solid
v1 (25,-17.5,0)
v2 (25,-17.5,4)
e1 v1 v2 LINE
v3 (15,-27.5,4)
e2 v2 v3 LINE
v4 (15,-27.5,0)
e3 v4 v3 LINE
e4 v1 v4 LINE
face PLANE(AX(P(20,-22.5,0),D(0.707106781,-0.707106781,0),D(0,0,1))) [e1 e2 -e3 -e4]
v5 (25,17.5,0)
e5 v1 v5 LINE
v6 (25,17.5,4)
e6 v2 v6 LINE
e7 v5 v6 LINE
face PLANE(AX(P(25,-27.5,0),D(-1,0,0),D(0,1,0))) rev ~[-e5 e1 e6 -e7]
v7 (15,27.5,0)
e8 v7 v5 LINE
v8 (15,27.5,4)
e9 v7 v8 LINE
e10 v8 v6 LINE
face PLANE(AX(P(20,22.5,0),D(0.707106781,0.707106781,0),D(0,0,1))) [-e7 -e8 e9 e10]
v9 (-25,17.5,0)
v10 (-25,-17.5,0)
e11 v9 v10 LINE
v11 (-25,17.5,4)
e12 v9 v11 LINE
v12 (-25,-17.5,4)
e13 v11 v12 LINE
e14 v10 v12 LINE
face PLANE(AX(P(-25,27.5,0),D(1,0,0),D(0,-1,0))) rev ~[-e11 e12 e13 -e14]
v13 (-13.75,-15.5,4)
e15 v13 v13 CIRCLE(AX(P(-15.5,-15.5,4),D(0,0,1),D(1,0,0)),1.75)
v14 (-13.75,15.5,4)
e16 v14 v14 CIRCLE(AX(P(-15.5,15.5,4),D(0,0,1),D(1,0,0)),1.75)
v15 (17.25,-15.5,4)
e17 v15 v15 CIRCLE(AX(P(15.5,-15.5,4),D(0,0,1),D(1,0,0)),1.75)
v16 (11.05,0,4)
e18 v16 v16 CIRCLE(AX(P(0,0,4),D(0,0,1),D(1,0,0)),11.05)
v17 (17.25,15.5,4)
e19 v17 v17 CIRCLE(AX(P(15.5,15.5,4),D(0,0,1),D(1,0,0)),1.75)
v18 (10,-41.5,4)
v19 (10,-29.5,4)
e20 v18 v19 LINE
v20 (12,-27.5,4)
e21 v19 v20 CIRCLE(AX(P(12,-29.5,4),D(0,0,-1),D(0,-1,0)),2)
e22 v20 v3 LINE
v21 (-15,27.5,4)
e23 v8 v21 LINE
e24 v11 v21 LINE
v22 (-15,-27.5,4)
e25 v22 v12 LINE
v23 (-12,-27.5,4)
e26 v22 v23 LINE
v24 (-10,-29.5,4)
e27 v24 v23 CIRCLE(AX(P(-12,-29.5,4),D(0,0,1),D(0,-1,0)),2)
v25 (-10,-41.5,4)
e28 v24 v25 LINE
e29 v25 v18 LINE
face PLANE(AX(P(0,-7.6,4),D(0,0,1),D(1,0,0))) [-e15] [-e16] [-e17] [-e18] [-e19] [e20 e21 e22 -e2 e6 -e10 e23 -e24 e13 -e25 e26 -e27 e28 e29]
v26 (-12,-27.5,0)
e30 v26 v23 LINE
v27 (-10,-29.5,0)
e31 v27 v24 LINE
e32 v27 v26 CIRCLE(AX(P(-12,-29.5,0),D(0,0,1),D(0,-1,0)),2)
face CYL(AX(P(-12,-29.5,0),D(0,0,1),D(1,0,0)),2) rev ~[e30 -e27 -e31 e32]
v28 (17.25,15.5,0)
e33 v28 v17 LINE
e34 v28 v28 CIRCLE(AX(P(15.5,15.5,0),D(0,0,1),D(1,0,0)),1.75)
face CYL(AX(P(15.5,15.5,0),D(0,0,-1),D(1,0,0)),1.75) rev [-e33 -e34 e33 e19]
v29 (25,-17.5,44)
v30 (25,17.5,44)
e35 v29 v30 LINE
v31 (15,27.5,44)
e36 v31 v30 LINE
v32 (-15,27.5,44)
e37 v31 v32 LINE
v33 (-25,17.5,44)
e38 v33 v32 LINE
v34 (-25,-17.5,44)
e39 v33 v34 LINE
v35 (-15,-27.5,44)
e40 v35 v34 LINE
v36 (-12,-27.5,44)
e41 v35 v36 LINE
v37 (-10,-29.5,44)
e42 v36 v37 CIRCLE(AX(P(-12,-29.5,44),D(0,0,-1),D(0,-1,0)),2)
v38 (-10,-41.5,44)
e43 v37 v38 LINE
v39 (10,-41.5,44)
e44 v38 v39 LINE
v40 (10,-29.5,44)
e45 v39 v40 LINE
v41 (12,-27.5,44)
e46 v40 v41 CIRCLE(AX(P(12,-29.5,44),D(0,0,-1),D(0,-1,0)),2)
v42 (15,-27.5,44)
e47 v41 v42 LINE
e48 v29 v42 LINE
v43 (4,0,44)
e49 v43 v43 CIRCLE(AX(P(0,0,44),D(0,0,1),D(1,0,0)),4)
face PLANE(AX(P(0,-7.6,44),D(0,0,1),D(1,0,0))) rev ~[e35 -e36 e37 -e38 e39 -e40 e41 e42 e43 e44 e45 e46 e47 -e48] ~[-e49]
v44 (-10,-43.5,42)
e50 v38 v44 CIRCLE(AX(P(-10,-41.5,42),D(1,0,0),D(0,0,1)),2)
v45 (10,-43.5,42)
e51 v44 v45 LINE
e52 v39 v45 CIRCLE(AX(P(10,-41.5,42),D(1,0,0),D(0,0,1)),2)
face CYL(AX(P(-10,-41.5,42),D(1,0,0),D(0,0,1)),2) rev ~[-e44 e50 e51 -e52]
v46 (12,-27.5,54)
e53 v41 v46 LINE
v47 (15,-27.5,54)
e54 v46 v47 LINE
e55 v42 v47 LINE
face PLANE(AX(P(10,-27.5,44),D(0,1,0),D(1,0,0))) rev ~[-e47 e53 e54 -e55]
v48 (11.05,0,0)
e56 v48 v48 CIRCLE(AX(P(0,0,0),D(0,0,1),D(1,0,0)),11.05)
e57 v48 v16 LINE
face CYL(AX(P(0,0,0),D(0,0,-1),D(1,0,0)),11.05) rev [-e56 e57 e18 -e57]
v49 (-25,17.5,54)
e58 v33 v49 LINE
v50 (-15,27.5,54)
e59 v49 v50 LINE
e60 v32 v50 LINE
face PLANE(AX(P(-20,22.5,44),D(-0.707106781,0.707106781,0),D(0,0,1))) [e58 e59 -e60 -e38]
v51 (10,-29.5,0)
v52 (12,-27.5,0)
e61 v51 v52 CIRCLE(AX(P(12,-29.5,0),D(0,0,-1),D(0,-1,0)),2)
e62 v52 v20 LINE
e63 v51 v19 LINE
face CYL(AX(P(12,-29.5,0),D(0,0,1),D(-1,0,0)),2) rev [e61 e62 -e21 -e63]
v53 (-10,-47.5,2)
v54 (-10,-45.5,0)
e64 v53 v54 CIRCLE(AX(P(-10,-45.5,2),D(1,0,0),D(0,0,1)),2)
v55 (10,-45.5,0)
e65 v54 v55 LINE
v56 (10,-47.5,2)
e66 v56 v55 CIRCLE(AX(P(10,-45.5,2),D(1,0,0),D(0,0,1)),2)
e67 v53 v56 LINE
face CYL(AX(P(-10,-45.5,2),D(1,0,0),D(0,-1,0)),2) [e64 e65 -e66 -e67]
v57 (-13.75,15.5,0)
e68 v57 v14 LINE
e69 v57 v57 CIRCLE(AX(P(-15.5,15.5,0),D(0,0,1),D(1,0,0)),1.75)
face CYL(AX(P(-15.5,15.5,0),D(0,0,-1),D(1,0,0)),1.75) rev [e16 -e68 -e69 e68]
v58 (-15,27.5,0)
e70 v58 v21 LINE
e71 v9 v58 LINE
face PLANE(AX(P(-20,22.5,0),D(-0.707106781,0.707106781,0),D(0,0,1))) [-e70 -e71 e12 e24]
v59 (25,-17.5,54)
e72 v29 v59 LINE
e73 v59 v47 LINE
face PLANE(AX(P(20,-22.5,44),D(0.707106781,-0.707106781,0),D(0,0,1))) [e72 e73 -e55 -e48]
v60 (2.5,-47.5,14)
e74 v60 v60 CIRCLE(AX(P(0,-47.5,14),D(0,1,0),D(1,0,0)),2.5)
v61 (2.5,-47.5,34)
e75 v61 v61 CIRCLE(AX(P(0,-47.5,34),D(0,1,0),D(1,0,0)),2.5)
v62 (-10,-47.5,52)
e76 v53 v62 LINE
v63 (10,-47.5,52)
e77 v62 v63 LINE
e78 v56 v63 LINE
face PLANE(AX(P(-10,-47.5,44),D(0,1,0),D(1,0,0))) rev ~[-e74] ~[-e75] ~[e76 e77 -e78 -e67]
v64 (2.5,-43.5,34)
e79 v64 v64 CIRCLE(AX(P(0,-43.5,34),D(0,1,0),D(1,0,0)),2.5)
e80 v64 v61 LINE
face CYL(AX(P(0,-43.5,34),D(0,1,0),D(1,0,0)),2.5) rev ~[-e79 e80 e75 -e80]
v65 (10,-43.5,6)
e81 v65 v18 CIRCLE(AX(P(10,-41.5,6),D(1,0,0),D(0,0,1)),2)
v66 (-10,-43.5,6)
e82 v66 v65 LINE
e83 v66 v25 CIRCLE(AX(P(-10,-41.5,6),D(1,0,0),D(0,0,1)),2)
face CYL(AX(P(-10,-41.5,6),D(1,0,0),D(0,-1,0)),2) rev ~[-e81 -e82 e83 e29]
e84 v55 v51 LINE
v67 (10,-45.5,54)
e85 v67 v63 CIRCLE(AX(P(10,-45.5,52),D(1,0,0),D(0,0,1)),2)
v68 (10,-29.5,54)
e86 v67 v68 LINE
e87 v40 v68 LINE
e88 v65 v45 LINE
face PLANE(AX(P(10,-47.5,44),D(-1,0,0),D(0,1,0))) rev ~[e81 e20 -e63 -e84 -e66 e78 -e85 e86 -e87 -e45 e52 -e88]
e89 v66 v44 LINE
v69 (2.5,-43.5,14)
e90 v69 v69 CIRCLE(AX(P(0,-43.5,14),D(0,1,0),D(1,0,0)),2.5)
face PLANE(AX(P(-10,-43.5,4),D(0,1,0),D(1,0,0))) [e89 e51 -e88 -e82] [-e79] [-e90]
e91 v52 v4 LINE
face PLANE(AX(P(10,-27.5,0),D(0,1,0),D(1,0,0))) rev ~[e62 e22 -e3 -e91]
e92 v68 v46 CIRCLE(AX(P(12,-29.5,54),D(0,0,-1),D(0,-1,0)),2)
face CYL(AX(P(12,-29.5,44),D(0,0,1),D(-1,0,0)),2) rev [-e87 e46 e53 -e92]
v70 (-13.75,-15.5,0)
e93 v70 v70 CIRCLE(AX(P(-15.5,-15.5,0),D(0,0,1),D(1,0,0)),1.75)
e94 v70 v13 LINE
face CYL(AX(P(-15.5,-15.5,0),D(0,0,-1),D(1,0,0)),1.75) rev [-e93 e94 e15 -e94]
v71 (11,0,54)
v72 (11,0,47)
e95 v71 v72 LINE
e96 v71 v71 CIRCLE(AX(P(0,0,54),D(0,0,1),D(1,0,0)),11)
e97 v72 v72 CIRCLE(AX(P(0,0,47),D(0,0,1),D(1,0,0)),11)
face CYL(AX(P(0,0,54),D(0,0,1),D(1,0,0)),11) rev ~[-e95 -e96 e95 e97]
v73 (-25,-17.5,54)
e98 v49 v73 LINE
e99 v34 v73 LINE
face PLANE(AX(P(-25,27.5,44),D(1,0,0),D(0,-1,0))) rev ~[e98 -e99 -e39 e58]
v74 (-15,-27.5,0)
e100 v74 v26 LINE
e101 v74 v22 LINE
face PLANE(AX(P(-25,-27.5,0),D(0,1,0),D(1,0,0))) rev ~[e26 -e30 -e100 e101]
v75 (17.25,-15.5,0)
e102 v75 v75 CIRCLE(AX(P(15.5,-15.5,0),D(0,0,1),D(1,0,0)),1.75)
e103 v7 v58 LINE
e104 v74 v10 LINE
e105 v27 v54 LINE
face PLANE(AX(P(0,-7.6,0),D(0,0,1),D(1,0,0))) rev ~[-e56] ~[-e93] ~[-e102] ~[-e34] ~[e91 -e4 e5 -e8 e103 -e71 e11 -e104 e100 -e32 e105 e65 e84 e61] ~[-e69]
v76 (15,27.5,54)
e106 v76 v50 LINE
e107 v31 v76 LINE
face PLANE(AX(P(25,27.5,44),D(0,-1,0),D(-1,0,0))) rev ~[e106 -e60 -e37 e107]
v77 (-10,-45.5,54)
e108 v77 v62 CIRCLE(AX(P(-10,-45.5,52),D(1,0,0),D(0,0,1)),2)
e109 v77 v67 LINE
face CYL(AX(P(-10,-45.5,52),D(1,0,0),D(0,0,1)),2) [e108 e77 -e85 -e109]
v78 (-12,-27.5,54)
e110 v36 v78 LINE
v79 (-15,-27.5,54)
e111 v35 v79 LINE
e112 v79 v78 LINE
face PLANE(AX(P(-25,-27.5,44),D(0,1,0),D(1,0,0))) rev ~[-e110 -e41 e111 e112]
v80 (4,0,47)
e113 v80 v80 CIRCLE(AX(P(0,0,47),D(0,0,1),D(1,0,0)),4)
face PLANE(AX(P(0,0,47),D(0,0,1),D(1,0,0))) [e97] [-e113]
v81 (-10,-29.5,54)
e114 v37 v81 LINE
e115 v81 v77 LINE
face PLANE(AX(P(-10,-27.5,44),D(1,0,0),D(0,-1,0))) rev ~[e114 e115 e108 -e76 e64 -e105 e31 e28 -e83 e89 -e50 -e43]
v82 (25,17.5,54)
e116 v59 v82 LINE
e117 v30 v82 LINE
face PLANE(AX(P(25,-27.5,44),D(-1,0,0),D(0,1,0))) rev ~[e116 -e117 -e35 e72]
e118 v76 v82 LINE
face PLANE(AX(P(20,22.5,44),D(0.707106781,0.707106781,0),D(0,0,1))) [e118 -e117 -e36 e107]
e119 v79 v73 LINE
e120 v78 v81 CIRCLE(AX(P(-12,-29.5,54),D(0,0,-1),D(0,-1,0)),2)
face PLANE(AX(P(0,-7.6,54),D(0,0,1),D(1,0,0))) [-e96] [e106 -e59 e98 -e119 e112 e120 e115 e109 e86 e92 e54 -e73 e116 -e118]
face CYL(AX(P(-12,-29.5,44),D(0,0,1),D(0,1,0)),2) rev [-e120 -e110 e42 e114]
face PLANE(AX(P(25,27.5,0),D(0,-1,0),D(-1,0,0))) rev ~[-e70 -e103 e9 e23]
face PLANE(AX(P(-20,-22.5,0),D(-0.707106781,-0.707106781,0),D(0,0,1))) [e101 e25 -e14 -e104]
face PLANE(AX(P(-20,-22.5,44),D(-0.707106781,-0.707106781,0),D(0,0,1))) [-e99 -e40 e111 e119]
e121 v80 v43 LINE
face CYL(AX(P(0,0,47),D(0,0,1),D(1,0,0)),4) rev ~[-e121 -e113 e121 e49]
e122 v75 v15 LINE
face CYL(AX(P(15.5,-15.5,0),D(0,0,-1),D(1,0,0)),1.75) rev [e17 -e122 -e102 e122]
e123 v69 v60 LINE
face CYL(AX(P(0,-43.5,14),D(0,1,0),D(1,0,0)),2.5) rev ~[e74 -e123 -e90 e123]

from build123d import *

# Parameters (mm, degrees)
SCHIZZO1_R                   = 1.75
SCHIZZO1_R_2                 = 11.05
ESTRUSIONE_ESTRUSIONE1_DEPTH = 4
SCHIZZO14_W                  = 20
SCHIZZO14_H                  = 4
ESTRUSIONE_ESTRUSIONE2_DEPTH = 40
ESTRUSIONE_ESTRUSIONE3_DEPTH = 10
SCHIZZO19_R                  = 11
TAGLIO_ESTRUSIONE1_DEPTH     = 7
SCHIZZO20_R                  = 4
TAGLIO_ESTRUSIONE2_DEPTH     = 7
SMUSSO1_SIZE                 = 10
RACCORDO1_R                  = 2
SCHIZZO21_R                  = 2.5
TAGLIO_ESTRUSIONE3_DEPTH     = 10


with BuildPart() as part:
    # Schizzo1 → Estrusione-Estrusione1 (new body)
    with BuildSketch(Plane.XY):
        Polygon((-25, -27.5), (-10, -27.5), (-10, -47.5), (10, -47.5), (10, -27.5), (25, -27.5), (25, 27.5), (-25, 27.5), align=None)
        with Locations((-15.5, 15.5)):
            Circle(SCHIZZO1_R, mode=Mode.SUBTRACT)
        with Locations((15.5, 15.5)):
            Circle(SCHIZZO1_R, mode=Mode.SUBTRACT)
        with Locations((15.5, -15.5)):
            Circle(SCHIZZO1_R, mode=Mode.SUBTRACT)
        with Locations((-15.5, -15.5)):
            Circle(SCHIZZO1_R, mode=Mode.SUBTRACT)
        Circle(SCHIZZO1_R_2, mode=Mode.SUBTRACT)
    extrude(amount=ESTRUSIONE_ESTRUSIONE1_DEPTH)

    # Schizzo14 → Estrusione-Estrusione2 (add)
    with BuildSketch(Plane.XY.offset(4)):
        with Locations((0, -45.5)):
            Rectangle(SCHIZZO14_W, SCHIZZO14_H)
    extrude(amount=ESTRUSIONE_ESTRUSIONE2_DEPTH)

    # Schizzo18 → Estrusione-Estrusione3 (add)
    with BuildSketch(Plane.XY.offset(44)):
        Polygon((-25, -27.5), (-10, -27.5), (-10, -47.5), (10, -47.5), (10, -27.5), (25, -27.5), (25, 27.5), (-25, 27.5), align=None)
    extrude(amount=ESTRUSIONE_ESTRUSIONE3_DEPTH)

    # Schizzo19 → Taglio-Estrusione1 (cut)
    with BuildSketch(Plane.XY.offset(54)):
        Circle(SCHIZZO19_R)
    extrude(amount=-TAGLIO_ESTRUSIONE1_DEPTH, mode=Mode.SUBTRACT)

    # Schizzo20 → Taglio-Estrusione2 (cut)
    with BuildSketch(Plane.XY.offset(47)):
        Circle(SCHIZZO20_R)
    extrude(amount=-TAGLIO_ESTRUSIONE2_DEPTH, mode=Mode.SUBTRACT)

    # Smusso1
    smusso1_edges = [part.edges().sort_by_distance(p)[0] for p in [
        (25, -27.5, 2),
        (-25, -27.5, 2),
        (-25, 27.5, 2),
        (25, 27.5, 2),
        (25, -27.5, 49),
        (25, 27.5, 49),
        (-25, 27.5, 49),
        (-25, -27.5, 49),
    ]]
    chamfer(smusso1_edges, length=SMUSSO1_SIZE)

    # Raccordo1
    raccordo1_edges = [part.edges().sort_by_distance(p)[0] for p in [
        (10, -27.5, 2),
        (-10, -27.5, 2),
        (0, -43.5, 4),
        (0, -43.5, 44),
        (-10, -27.5, 49),
        (10, -27.5, 49),
        (0, -47.5, 54),
        (0, -47.5, 0),
    ]]
    fillet(raccordo1_edges, radius=RACCORDO1_R)

    # Schizzo21 → Taglio-Estrusione3 (cut)
    with BuildSketch(Plane(origin=(0, -43.5, 0), x_dir=(1, 0, 0), z_dir=(0, 1, 0))):
        with Locations((0, -14)):
            Circle(SCHIZZO21_R)
        with Locations((0, -34)):
            Circle(SCHIZZO21_R)
    extrude(amount=-TAGLIO_ESTRUSIONE3_DEPTH, mode=Mode.SUBTRACT)


solid = part.part
